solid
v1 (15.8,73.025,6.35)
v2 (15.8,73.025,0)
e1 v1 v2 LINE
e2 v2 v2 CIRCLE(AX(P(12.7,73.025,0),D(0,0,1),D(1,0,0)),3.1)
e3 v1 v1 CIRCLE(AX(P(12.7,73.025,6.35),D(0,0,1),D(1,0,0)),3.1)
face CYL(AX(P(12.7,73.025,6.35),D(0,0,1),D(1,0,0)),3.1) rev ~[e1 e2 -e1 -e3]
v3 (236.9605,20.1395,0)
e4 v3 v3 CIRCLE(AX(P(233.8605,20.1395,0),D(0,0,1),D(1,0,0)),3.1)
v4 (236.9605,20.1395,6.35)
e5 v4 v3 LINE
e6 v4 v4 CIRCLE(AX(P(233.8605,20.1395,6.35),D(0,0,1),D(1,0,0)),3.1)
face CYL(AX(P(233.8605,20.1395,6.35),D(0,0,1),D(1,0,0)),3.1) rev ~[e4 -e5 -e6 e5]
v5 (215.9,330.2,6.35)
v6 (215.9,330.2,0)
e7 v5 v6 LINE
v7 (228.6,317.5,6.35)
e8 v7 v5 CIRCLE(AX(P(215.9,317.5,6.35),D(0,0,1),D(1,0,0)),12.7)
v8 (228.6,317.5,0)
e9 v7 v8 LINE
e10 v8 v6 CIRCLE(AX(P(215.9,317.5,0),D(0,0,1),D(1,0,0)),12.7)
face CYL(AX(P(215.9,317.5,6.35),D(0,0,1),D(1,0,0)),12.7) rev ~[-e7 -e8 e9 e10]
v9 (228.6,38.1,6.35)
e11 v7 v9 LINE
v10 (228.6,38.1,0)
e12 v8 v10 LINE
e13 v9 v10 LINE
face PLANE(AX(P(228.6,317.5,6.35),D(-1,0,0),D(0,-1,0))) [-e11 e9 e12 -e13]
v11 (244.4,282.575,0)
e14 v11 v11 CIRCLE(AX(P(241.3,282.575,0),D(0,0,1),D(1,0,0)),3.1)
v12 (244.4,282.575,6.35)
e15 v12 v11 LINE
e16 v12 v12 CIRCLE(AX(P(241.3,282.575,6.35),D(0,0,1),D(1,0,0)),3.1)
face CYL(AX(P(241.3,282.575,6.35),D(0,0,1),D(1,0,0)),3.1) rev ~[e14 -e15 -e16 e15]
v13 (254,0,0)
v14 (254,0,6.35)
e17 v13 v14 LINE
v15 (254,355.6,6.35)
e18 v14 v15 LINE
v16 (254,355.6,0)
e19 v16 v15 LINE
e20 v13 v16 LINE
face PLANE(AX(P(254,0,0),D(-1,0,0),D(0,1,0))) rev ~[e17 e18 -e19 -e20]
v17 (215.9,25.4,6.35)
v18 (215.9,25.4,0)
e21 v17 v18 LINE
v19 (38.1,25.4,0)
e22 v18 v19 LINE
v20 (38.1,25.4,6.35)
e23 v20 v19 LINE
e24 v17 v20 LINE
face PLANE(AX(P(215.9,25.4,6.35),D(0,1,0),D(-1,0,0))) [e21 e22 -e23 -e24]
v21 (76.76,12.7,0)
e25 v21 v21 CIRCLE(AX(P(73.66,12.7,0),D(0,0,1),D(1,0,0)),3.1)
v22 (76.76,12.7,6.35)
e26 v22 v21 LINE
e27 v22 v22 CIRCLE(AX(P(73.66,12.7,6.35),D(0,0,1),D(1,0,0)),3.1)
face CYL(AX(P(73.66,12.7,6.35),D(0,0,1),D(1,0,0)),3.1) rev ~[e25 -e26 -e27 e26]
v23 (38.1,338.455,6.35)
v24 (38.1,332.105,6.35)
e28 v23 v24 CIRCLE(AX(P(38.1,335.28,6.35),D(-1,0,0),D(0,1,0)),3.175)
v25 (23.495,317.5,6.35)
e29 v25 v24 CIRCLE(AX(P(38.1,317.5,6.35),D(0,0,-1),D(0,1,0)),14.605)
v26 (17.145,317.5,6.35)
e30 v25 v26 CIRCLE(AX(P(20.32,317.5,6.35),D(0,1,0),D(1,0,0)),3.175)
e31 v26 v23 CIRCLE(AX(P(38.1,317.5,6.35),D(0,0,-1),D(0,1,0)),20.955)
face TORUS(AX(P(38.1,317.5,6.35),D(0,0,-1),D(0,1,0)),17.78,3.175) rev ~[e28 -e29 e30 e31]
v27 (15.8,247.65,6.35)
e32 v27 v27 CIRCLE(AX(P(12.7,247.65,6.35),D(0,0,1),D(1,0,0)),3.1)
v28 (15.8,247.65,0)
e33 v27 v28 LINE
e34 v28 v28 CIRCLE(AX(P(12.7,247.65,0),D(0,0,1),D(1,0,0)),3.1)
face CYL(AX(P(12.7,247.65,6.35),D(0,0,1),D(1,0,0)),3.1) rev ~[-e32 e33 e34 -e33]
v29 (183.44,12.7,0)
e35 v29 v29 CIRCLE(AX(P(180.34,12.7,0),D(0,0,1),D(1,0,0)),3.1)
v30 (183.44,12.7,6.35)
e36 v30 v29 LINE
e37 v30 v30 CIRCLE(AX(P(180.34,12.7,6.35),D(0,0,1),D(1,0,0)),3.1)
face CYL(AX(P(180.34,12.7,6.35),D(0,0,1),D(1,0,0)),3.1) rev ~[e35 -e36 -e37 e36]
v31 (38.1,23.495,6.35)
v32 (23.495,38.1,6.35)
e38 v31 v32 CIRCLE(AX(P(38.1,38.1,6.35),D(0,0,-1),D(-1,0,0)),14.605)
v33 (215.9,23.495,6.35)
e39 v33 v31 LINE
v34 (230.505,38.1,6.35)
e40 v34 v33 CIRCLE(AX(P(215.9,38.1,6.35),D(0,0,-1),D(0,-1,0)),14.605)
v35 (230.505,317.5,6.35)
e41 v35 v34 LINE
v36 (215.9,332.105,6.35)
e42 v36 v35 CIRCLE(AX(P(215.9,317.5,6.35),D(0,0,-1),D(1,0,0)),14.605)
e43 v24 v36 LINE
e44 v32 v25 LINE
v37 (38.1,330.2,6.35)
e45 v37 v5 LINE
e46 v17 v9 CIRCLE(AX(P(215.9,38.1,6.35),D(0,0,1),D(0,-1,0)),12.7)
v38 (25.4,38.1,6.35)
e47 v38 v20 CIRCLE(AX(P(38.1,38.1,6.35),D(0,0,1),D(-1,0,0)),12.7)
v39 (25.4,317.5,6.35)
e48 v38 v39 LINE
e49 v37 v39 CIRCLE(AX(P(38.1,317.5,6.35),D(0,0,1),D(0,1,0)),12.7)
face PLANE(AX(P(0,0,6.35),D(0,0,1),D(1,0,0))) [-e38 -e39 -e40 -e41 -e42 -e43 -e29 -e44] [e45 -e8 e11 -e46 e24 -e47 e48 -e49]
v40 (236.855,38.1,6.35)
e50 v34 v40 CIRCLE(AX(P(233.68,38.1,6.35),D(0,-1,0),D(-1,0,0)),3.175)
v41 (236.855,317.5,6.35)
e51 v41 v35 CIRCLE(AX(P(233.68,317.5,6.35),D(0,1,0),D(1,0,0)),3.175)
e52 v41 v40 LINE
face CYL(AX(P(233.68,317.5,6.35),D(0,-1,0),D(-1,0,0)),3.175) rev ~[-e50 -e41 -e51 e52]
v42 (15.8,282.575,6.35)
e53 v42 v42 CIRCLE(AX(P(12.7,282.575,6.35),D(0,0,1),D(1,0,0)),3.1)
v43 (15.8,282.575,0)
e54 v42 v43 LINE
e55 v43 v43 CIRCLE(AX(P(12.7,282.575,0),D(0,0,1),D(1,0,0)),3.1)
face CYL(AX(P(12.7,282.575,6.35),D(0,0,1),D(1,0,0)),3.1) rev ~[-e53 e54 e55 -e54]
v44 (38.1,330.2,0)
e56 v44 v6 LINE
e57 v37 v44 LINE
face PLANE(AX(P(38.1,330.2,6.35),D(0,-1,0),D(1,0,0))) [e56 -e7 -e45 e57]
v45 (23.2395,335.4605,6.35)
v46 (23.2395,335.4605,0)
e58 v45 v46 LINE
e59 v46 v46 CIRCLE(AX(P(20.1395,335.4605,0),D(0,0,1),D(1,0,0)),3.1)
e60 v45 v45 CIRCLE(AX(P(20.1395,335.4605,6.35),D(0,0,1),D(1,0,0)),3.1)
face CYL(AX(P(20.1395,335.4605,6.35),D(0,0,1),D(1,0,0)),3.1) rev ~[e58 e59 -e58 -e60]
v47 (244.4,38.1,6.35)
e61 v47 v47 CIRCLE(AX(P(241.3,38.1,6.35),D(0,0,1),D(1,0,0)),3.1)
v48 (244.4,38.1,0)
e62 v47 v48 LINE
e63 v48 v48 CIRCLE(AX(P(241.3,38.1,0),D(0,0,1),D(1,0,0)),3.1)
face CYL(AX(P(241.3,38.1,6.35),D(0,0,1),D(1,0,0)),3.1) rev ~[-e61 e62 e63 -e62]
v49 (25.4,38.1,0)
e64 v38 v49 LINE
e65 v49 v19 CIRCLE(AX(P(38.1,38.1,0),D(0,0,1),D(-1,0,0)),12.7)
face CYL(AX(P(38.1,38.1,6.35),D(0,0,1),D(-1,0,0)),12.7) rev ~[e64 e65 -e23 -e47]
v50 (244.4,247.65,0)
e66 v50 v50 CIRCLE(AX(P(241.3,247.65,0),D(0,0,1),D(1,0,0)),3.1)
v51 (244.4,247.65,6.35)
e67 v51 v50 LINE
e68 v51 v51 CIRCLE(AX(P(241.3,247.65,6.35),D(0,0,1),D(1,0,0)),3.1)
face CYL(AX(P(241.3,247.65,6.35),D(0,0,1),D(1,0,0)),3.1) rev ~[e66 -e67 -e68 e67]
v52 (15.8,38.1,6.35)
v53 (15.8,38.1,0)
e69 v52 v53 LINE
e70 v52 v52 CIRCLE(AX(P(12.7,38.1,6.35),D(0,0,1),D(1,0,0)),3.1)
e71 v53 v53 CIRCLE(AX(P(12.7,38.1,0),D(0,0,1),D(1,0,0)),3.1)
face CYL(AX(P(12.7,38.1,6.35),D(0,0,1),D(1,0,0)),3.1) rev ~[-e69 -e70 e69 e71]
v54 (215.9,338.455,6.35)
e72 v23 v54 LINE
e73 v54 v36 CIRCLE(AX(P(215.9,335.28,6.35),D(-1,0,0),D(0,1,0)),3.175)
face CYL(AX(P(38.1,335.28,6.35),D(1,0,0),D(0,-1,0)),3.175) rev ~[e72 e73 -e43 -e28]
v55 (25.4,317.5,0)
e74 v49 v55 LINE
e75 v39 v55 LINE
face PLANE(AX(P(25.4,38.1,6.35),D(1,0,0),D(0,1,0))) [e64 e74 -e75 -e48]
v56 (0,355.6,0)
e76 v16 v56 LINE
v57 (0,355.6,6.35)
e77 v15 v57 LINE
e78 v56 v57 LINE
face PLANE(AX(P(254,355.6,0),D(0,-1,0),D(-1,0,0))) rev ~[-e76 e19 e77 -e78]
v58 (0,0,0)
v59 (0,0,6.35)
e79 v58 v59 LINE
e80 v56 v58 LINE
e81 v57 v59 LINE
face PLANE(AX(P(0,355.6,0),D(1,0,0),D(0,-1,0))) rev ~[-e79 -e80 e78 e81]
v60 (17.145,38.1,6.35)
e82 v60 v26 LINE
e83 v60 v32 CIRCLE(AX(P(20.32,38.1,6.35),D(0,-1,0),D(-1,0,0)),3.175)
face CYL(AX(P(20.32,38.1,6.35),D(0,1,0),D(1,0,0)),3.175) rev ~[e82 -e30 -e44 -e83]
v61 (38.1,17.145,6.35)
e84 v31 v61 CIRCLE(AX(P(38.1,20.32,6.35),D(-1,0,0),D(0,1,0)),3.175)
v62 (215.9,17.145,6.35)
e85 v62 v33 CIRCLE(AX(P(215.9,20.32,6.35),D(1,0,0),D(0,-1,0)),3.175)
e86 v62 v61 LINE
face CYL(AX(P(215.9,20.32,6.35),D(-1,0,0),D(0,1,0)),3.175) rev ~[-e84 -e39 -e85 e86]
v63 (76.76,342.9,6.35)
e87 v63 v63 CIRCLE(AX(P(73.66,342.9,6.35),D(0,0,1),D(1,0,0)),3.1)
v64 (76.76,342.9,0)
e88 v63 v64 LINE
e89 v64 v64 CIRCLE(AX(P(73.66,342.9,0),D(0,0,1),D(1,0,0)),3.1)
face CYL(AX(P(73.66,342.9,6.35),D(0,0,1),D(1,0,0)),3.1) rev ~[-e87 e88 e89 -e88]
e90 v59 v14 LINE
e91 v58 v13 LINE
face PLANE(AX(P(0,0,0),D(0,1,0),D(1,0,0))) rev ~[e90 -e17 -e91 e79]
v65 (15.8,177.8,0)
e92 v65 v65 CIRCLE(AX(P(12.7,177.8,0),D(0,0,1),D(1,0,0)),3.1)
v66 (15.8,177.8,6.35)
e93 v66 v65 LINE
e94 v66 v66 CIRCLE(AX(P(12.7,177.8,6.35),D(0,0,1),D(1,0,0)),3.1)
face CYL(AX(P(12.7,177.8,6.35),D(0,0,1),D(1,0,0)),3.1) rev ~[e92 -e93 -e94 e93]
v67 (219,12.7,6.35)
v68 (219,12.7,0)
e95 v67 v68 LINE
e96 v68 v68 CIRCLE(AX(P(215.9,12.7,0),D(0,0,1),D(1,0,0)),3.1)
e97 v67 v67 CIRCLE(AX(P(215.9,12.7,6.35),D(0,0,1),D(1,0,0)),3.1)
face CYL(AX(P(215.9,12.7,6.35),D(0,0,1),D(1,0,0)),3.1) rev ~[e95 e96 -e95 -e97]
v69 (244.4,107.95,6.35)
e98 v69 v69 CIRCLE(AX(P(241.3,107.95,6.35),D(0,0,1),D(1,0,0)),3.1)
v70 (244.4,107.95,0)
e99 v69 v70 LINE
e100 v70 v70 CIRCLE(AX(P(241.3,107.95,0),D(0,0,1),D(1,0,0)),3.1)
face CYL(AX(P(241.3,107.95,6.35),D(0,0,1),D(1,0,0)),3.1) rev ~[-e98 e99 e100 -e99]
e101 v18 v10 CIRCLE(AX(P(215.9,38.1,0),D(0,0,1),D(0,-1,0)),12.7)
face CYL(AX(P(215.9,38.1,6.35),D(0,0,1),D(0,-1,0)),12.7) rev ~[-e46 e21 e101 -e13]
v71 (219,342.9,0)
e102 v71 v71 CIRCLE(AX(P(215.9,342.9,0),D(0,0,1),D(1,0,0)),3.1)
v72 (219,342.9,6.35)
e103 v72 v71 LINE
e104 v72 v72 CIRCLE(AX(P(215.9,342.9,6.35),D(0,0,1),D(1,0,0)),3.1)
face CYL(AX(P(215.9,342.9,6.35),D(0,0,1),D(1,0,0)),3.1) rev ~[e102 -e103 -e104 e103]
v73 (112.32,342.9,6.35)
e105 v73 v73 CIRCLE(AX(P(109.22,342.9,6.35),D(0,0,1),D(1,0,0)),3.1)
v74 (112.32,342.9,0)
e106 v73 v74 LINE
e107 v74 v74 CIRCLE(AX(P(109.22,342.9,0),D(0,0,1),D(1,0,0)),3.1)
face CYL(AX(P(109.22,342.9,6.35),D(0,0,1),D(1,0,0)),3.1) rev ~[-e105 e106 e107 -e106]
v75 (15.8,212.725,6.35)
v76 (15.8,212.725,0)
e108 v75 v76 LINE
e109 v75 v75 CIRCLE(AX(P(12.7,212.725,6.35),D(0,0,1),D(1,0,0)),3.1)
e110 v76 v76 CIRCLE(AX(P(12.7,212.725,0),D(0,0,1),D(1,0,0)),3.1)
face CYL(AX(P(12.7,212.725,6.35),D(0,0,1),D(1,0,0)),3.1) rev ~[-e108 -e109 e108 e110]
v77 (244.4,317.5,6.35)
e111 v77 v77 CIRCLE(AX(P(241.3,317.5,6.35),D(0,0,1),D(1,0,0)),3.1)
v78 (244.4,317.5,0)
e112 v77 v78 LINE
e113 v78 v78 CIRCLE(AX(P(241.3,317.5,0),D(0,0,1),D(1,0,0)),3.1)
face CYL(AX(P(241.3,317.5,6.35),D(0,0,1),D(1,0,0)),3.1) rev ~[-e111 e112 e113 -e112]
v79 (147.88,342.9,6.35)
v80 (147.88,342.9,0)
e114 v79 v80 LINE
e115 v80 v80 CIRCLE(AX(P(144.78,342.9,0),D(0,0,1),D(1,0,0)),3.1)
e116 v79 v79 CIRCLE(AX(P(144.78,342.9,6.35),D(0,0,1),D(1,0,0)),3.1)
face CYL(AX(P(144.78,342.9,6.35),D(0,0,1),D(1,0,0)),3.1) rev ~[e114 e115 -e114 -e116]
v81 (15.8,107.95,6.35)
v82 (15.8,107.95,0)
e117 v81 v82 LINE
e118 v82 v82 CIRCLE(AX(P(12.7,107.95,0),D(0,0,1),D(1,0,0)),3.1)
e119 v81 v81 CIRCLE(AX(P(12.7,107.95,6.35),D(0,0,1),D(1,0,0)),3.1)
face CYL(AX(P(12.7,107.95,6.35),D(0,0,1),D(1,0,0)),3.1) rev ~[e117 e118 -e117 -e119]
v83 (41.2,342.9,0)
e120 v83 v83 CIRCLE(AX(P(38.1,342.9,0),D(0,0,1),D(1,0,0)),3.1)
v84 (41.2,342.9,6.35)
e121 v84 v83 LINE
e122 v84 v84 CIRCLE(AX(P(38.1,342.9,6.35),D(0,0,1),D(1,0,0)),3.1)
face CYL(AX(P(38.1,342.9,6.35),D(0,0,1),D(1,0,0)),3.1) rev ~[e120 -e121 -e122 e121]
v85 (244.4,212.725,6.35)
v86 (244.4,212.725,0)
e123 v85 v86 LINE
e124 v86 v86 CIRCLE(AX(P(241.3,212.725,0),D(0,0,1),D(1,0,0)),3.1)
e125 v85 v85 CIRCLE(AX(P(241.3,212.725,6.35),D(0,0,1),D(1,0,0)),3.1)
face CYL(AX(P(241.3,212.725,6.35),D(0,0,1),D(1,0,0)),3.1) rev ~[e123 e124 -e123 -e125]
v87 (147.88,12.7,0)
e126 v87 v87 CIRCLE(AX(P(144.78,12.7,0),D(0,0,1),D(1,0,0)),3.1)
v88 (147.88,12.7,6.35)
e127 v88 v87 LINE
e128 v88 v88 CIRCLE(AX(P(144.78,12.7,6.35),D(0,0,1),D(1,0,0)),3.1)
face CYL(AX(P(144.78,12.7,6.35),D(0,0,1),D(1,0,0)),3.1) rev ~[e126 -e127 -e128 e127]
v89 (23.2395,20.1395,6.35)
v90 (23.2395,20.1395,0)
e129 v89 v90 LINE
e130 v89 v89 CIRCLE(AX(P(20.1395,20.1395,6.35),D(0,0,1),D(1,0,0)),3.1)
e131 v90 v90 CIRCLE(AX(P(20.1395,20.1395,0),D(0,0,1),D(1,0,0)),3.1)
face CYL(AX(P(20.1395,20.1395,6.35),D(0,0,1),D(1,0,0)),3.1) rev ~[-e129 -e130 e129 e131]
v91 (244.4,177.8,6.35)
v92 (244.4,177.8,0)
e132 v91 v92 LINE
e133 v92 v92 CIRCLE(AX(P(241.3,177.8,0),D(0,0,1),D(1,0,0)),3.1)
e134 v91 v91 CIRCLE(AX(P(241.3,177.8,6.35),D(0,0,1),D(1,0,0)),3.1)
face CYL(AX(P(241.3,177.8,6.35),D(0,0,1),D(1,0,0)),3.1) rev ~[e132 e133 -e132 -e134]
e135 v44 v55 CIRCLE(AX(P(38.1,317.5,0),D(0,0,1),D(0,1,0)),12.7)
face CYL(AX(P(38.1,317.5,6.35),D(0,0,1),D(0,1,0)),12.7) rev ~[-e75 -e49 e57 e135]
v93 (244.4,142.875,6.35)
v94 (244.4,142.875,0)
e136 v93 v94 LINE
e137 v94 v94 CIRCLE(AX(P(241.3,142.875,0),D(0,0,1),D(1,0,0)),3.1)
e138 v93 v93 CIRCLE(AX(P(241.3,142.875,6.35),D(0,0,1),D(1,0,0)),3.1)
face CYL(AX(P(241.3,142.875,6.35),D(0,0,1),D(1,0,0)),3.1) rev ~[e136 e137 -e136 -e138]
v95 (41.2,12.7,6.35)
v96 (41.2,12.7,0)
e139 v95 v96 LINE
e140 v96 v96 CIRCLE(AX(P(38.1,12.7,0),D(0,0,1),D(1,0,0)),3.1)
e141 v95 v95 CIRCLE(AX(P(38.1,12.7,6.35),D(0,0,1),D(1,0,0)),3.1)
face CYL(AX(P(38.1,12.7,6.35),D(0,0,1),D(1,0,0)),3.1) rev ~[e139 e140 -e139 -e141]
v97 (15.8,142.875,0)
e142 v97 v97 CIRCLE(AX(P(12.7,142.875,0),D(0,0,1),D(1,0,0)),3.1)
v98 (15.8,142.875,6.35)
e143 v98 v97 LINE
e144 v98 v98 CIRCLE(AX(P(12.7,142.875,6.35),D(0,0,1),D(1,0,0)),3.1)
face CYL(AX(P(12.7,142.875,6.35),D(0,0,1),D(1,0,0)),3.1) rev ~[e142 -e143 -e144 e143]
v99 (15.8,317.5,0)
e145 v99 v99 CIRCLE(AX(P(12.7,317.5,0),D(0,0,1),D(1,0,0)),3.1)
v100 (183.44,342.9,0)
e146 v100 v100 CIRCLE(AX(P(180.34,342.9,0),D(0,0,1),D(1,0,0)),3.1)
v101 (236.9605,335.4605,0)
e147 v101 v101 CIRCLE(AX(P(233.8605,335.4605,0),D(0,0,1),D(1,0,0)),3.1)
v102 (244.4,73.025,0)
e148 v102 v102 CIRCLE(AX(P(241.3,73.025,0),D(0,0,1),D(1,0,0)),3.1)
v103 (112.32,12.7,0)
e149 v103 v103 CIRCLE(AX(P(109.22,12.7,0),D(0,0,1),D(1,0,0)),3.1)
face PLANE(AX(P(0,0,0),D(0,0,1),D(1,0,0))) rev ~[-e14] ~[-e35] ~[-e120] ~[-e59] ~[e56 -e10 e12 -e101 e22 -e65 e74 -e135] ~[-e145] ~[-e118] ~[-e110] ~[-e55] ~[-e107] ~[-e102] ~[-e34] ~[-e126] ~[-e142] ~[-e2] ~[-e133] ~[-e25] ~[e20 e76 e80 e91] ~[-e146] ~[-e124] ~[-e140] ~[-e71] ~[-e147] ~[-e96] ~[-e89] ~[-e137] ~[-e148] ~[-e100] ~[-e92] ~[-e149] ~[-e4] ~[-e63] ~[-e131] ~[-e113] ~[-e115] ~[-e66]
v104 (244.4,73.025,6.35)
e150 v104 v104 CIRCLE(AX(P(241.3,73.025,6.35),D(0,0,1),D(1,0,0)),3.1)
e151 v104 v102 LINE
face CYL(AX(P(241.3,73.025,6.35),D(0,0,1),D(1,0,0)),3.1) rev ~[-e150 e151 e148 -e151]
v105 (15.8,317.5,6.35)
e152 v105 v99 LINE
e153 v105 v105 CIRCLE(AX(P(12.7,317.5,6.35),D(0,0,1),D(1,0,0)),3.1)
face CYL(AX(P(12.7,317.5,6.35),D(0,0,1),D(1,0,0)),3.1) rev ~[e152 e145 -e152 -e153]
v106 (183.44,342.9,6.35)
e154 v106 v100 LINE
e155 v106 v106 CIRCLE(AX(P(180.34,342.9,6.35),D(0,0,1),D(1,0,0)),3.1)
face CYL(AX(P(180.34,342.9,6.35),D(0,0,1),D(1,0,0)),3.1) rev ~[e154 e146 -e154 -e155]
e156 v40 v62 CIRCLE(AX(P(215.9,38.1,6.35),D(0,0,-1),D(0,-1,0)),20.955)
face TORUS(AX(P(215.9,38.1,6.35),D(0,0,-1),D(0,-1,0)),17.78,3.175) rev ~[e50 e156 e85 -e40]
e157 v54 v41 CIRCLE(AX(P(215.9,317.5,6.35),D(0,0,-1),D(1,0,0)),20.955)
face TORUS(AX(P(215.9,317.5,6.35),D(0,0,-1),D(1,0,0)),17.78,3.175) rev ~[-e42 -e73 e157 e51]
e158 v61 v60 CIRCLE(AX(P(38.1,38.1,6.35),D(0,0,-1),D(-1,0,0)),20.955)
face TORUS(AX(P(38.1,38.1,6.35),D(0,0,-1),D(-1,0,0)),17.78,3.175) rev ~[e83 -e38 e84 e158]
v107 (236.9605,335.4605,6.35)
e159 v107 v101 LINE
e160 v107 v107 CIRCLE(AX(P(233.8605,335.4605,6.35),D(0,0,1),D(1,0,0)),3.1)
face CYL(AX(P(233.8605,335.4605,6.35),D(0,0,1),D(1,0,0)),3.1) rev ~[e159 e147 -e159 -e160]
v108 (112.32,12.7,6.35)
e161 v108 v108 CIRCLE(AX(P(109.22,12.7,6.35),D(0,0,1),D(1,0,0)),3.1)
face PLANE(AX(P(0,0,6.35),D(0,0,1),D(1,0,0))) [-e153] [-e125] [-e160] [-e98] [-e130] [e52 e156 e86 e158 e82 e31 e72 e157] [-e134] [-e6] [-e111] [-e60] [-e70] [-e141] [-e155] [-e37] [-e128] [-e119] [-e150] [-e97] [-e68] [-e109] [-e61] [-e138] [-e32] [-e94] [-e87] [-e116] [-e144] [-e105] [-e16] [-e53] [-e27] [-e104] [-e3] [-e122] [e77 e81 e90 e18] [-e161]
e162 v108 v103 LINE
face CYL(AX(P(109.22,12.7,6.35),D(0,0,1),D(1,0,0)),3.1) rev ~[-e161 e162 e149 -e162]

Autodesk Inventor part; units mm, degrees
ref_plane "YZ Plane" through (0, 0, 0) normal (1, 0, 0) x (0, 1, 0)
ref_plane "XZ Plane" through (0, 0, 0) normal (0, 1, 0) x (-1, 0, 0)
sketch "Sketch1" plane through (0, 0, 0) normal (0, 0, 1) x (1, 0, 0)
  line L0 (0, 0) -> (254, 0)
  line L1 (254, 0) -> (254, 355.6)
  line L2 (254, 355.6) -> (0, 355.6)
  line L3 (0, 355.6) -> (0, 0)
  dimension "d0" = 254
  dimension "d1" = 355.6
extrude "Extrusion1" add sketch "Sketch1" along normal blind 6.35
sketch "Sketch2" plane through (0, 0, 6.35) normal (0, 0, 1) x (1, 0, 0)
  line L0 (38.1, 342.9) -> (215.9, 342.9) construction
  line L1 (241.3, 317.5) -> (241.3, 38.1) construction
  line L2 (215.9, 12.7) -> (38.1, 12.7) construction
  line L3 (12.7, 38.1) -> (12.7, 317.5) construction
  line L4 (0, 355.6) -> (0, 0) construction
  line L5 (254, 355.6) -> (0, 355.6) construction
  arc A0 (241.3, 317.5) -> (215.9, 342.9) centre (215.9, 317.5) ccw construction
  arc A1 (38.1, 342.9) -> (12.7, 317.5) centre (38.1, 317.5) ccw construction
  arc A2 (12.7, 38.1) -> (38.1, 12.7) centre (38.1, 38.1) ccw construction
  arc A3 (215.9, 12.7) -> (241.3, 38.1) centre (215.9, 38.1) ccw construction
  line L6 (215.9, 38.1) -> (233.8605, 20.1395) construction
  line L7 (38.1, 38.1) -> (20.1395, 20.1395) construction
  line L8 (38.1, 317.5) -> (20.1395, 335.4605) construction
  line L9 (215.9, 317.5) -> (233.8605, 335.4605) construction
  circle A4 centre (20.1395, 335.4605) radius 3.1
  circle A5 centre (233.8605, 335.4605) radius 3.1
  circle A6 centre (233.8605, 20.1395) radius 3.1
  circle A7 centre (20.1395, 20.1395) radius 3.1
  circle A8 centre (12.7, 38.1) radius 3.1
  circle A9 centre (38.1, 12.7) radius 3.1
  circle A10 centre (215.9, 12.7) radius 3.1
  circle A11 centre (241.3, 38.1) radius 3.1
  circle A12 centre (241.3, 317.5) radius 3.1
  circle A13 centre (215.9, 342.9) radius 3.1
  circle A14 centre (38.1, 342.9) radius 3.1
  circle A15 centre (12.7, 317.5) radius 3.1
  circle A16 centre (241.3, 282.575) radius 3.1
  circle A17 centre (241.3, 247.65) radius 3.1
  circle A18 centre (241.3, 212.725) radius 3.1
  circle A19 centre (241.3, 177.8) radius 3.1
  circle A20 centre (241.3, 142.875) radius 3.1
  circle A21 centre (180.34, 342.9) radius 3.1
  circle A22 centre (144.78, 342.9) radius 3.1
  circle A23 centre (109.22, 342.9) radius 3.1
  circle A24 centre (73.66, 342.9) radius 3.1
  circle A25 centre (180.34, 12.7) radius 3.1
  circle A26 centre (144.78, 12.7) radius 3.1
  circle A27 centre (109.22, 12.7) radius 3.1
  circle A28 centre (73.66, 12.7) radius 3.1
  circle A29 centre (241.3, 107.95) radius 3.1
  circle A30 centre (241.3, 73.025) radius 3.1
  circle A31 centre (241.3, 38.1) radius 3.1
  circle A32 centre (12.7, 282.575) radius 3.1
  circle A33 centre (12.7, 247.65) radius 3.1
  circle A34 centre (12.7, 212.725) radius 3.1
  circle A35 centre (12.7, 177.8) radius 3.1
  circle A36 centre (12.7, 142.875) radius 3.1
  circle A37 centre (12.7, 107.95) radius 3.1
  circle A38 centre (12.7, 73.025) radius 3.1
  point P0 (241.3, 12.7)
  point P1 (241.3, 342.9)
  point P2 (12.7, 12.7)
  dimension "d4" = 228.6
  dimension "d5" = 330.2
  dimension "d6" = 12.7
  dimension "d7" = 12.7
  dimension "d8" = 25.4
  dimension "d9" = 6.2
  dimension "d10" = 6.2
  dimension "d11" = 6.2
  dimension "d12" = 6.2
  dimension "d13" = 6.2
  dimension "d14" = 6.2
  dimension "d15" = 6.2
  dimension "d16" = 6.2
  dimension "d17" = 6.2
  dimension "d18" = 6.2
  dimension "d19" = 6.2
  dimension "d20" = 6.2
  dimension "d30" = 34.925
  dimension "d37" = 35.56
  dimension "d44" = 35.56
  dimension "d51" = 0
  dimension "d52" = 0
  dimension "d53" = 0
  dimension "d54" = 0
  dimension "d57" = 34.925
extrude "Extrusion2" cut sketch "Sketch2" against normal blind 12.7
sketch "Sketch3" plane through (0, 0, 6.35) normal (0, 0, 1) x (1, 0, 0)
  line L0 (38.1, 335.28) -> (215.9, 335.28)
  line L1 (233.68, 317.5) -> (233.68, 38.1)
  line L2 (215.9, 20.32) -> (38.1, 20.32)
  line L3 (20.32, 38.1) -> (20.32, 317.5)
  line L4 (254, 355.6) -> (0, 355.6) projected
  line L5 (0, 355.6) -> (0, 0) projected
  arc A0 (38.1, 335.28) -> (20.32, 317.5) centre (38.1, 317.5) ccw
  arc A1 (233.68, 317.5) -> (215.9, 335.28) centre (215.9, 317.5) ccw
  arc A2 (215.9, 20.32) -> (233.68, 38.1) centre (215.9, 38.1) ccw
  arc A3 (20.32, 38.1) -> (38.1, 20.32) centre (38.1, 38.1) ccw
  point P0 (233.68, 20.32)
  point P1 (233.68, 335.28)
  point P2 (20.32, 20.32)
  dimension "d62" = 213.36
  dimension "d63" = 314.96
  dimension "d64" = 20.32
  dimension "d65" = 20.32
  dimension "d66" = 17.78
ref_plane "Work Plane1" through (0, 304.8, 0) normal (0, 1, 0) x (1, 0, 0)
sketch "Sketch5" plane through (0, 304.8, 0) normal (0, 1, 0) x (1, 0, 0)
  line L0 (0, -6.35) -> (254, -6.35) projected
  circle A0 centre (20.32, -6.35) radius 3.175
  line L1 (0, 0) -> (0, -6.35) projected
  dimension "d70" = 6.35
  dimension "d71" = 20.32
sweep "Sweep1" cut profiles "Sketch5" path "Sketch3" path curves L3 A3 L2 A2 L1 A1 L0 A0
sketch "Sketch6" plane through (0, 0, 6.35) normal (0, 0, 1) x (1, 0, 0)
  line L0 (38.1, 330.2) -> (215.9, 330.2)
  line L1 (228.6, 317.5) -> (228.6, 38.1)
  line L2 (215.9, 25.4) -> (38.1, 25.4)
  line L3 (25.4, 38.1) -> (25.4, 317.5)
  line L4 (0, 355.6) -> (0, 0) projected
  line L5 (254, 355.6) -> (0, 355.6) projected
  arc A0 (38.1, 330.2) -> (25.4, 317.5) centre (38.1, 317.5) ccw
  arc A1 (228.6, 317.5) -> (215.9, 330.2) centre (215.9, 317.5) ccw
  arc A2 (215.9, 25.4) -> (228.6, 38.1) centre (215.9, 38.1) ccw
  arc A3 (25.4, 38.1) -> (38.1, 25.4) centre (38.1, 38.1) ccw
  point P0 (228.6, 25.4)
  point P1 (228.6, 330.2)
  point P2 (25.4, 25.4)
  dimension "d74" = 203.2
  dimension "d75" = 304.8
  dimension "d76" = 25.4
  dimension "d77" = 25.4
  dimension "d78" = 12.7
extrude "Extrusion3" cut sketch "Sketch6" against normal blind 25.4
properties part number "alumbottom3" material "Aluminum 6061"
